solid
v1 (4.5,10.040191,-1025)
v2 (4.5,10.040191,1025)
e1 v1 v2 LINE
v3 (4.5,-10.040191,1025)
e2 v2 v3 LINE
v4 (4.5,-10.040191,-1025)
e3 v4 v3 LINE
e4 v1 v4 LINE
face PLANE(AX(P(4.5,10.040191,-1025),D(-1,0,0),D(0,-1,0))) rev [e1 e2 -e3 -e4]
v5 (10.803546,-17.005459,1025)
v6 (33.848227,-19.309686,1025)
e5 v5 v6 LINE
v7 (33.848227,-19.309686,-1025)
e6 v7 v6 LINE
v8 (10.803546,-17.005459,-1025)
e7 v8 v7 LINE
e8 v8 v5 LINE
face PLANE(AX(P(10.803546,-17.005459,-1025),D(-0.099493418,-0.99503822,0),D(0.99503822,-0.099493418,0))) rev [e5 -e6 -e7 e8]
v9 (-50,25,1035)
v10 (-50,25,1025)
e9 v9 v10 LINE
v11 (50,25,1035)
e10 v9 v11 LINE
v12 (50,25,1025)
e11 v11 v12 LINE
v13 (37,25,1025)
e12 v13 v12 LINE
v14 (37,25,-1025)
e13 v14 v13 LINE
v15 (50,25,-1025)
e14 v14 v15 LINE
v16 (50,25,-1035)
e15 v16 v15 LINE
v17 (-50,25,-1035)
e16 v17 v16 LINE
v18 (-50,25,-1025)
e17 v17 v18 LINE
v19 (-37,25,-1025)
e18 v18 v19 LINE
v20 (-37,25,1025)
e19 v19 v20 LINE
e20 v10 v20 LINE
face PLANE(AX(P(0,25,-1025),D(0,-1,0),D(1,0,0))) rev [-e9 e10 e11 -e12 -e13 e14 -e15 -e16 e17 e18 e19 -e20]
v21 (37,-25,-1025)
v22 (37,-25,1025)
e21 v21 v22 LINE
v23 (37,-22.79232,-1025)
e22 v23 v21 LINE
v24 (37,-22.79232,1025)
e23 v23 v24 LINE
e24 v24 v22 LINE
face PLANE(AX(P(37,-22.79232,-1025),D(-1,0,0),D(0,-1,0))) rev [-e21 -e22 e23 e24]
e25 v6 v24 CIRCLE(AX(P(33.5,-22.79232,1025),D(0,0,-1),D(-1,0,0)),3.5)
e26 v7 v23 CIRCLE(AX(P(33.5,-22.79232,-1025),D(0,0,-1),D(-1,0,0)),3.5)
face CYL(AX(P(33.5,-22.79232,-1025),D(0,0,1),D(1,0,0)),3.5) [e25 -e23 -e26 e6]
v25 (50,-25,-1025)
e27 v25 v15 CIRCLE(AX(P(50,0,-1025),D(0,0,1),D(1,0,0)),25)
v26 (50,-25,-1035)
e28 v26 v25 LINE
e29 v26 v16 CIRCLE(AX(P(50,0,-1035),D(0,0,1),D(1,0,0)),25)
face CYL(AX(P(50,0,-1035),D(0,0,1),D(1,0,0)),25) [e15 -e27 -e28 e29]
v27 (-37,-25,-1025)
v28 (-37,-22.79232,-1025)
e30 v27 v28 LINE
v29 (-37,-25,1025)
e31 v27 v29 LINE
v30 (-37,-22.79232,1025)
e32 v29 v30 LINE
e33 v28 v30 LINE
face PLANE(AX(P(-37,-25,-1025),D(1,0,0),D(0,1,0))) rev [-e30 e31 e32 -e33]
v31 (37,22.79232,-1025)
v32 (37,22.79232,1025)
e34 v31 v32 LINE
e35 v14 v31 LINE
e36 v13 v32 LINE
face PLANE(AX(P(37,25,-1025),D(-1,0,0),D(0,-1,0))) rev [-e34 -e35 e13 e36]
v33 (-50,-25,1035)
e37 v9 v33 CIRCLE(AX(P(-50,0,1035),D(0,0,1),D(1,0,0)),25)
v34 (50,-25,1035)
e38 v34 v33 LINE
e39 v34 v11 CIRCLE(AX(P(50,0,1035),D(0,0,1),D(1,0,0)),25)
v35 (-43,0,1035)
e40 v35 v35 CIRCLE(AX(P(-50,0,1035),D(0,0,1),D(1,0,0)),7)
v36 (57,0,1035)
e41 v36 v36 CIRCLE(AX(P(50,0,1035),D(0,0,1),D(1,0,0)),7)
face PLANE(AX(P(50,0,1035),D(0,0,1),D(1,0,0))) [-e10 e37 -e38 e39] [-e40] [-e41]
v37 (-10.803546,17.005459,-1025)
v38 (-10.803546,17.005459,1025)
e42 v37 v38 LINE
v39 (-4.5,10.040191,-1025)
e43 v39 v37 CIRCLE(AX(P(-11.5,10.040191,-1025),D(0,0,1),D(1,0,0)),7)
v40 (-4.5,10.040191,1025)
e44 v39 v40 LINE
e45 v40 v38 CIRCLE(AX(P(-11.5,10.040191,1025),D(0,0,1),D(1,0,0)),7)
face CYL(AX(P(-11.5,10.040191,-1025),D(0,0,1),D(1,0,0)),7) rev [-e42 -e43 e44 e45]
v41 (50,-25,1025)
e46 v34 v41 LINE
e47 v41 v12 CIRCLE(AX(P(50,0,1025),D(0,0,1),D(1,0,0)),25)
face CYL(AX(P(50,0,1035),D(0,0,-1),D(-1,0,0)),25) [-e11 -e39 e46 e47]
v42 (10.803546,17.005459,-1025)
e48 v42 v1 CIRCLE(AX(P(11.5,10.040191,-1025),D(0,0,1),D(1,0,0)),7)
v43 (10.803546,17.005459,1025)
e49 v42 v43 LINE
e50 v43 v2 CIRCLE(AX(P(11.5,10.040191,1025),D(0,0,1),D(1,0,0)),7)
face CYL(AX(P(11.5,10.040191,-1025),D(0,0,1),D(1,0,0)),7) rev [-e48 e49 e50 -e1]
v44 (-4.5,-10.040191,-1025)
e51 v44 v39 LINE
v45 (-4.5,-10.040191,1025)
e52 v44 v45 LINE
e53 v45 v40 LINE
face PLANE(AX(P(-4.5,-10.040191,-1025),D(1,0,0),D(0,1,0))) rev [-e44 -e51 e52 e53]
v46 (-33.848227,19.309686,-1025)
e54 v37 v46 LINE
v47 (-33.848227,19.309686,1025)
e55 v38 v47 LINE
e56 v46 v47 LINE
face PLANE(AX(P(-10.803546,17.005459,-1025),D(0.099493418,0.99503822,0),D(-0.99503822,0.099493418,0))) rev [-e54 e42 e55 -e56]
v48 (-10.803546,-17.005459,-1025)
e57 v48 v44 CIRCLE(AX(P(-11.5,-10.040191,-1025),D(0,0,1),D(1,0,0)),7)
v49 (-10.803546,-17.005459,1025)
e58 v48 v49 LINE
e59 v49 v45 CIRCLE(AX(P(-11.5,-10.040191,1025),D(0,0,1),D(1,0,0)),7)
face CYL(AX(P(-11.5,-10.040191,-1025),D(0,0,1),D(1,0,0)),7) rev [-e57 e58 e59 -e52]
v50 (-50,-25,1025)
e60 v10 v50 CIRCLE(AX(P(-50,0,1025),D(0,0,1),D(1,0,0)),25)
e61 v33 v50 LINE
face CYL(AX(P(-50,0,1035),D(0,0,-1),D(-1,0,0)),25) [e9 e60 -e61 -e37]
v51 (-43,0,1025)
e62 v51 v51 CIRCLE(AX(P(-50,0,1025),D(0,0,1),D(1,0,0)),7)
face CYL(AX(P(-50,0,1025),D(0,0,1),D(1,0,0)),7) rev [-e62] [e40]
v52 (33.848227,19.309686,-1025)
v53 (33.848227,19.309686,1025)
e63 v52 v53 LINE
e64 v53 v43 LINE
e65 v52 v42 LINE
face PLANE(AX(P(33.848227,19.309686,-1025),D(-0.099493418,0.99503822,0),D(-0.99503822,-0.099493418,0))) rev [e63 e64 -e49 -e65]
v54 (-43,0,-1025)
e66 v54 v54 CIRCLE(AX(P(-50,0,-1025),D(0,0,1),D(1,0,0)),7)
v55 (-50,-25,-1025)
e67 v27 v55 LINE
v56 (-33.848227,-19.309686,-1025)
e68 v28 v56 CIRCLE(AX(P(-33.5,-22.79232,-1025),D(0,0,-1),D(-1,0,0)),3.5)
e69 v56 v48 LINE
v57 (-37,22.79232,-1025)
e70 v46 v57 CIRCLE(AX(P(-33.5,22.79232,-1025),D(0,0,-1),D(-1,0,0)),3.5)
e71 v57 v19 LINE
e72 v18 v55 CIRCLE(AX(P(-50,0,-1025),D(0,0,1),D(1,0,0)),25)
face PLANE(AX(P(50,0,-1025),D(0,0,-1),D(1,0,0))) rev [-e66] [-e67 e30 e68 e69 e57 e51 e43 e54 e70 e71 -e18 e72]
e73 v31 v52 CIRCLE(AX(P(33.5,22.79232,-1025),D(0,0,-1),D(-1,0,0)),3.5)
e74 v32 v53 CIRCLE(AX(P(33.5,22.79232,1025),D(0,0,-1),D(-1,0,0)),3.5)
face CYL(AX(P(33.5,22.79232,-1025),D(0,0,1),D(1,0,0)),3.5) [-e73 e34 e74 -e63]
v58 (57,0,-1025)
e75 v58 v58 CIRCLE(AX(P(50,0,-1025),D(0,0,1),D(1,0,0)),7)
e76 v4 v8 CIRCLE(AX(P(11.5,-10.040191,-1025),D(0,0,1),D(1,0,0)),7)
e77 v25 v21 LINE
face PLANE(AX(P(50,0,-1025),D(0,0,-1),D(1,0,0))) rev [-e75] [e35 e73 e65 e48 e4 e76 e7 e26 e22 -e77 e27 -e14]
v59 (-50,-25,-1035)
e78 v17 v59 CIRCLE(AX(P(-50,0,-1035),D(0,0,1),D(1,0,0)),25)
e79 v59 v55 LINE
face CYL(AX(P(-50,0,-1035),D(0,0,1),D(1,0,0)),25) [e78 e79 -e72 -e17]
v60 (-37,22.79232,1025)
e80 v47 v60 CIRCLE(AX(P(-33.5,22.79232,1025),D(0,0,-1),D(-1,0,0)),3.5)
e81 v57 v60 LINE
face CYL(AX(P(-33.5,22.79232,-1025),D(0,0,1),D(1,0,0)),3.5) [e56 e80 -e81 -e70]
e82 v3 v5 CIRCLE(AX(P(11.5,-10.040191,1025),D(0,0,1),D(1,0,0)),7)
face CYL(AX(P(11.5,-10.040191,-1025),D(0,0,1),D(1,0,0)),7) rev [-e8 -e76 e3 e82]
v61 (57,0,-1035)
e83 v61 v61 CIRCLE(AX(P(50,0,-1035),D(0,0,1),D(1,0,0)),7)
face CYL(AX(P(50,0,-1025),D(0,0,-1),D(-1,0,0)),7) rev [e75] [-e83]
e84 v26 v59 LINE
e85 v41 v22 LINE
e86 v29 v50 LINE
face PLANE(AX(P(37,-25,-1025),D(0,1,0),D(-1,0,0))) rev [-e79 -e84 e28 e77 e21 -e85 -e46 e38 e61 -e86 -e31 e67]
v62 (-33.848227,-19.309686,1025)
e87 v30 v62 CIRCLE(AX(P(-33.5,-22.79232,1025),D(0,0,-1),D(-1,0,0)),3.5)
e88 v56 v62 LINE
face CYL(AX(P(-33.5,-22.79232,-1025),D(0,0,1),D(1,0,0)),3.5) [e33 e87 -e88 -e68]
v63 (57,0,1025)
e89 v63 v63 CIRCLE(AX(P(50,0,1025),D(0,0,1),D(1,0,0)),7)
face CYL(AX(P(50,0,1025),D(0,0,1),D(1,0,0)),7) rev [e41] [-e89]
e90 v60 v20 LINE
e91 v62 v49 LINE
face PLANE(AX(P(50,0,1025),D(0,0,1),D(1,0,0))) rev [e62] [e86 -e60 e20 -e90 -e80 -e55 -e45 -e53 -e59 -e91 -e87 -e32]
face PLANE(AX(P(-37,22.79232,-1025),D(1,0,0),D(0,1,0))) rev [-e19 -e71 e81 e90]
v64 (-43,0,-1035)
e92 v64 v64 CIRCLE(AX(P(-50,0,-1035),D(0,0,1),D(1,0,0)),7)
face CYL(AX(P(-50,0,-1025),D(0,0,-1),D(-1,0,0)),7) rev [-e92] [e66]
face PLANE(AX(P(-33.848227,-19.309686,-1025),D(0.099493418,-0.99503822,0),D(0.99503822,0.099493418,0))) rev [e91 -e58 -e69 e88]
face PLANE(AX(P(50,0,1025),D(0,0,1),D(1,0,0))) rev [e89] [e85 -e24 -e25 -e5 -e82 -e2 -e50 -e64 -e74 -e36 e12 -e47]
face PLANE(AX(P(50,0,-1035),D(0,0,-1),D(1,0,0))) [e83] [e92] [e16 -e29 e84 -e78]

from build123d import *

# Parameters (mm, degrees)
MEMBER_5_1_DEPTH    = 2050
MEMBER_5_2_DEPTH    = 2050
EXTRUDE_1_DEPTH     = 10
SKETCH_14_R         = 7
CUT_EXTRUDE_1_DEPTH = 10


with BuildPart() as part:
    # 草图11 → Member 5_1 (new body)
    with BuildSketch(Plane(origin=(0, 0, 1025), x_dir=(1, 0, 0), z_dir=(0, 0, -1))):
        with BuildLine():
            Line((0, -25), (37, -25))
            Line((37, -25), (37, -22.792319516))
            ThreePointArc((37, -22.792319516), (36.095071711, -20.443787461), (33.848226964, -19.309685745))
            Line((33.848226964, -19.309685745), (10.803546073, -17.005458605))
            ThreePointArc((10.803546073, -17.005458605), (6.309856578, -14.737255173), (4.5, -10.040191063))
            Line((4.5, -10.040191063), (4.5, 10.040191063))
            ThreePointArc((4.5, 10.040191063), (6.309856578, 14.737255173), (10.803546073, 17.005458605))
            Line((10.803546073, 17.005458605), (33.848226964, 19.309685745))
            ThreePointArc((33.848226964, 19.309685745), (36.095071711, 20.443787461), (37, 22.792319516))
            Line((37, 22.792319516), (37, 25))
            Line((37, 25), (0, 25))
            Line((0, 25), (0, -25))
        make_face()
    extrude(amount=MEMBER_5_1_DEPTH)



with BuildPart() as body_2:
    # 草图12 → Member 5_2 (new body)
    with BuildSketch(Plane(origin=(0, 0, 1025), x_dir=(-1, 0, 0), z_dir=(0, 0, -1))):
        with BuildLine():
            Line((0, -25), (37, -25))
            Line((37, -25), (37, -22.792319516))
            ThreePointArc((37, -22.792319516), (36.095071711, -20.443787461), (33.848226964, -19.309685745))
            Line((33.848226964, -19.309685745), (10.803546073, -17.005458605))
            ThreePointArc((10.803546073, -17.005458605), (6.309856578, -14.737255173), (4.5, -10.040191063))
            Line((4.5, -10.040191063), (4.5, 10.040191063))
            ThreePointArc((4.5, 10.040191063), (6.309856578, 14.737255173), (10.803546073, 17.005458605))
            Line((10.803546073, 17.005458605), (33.848226964, 19.309685745))
            ThreePointArc((33.848226964, 19.309685745), (36.095071711, 20.443787461), (37, 22.792319516))
            Line((37, 22.792319516), (37, 25))
            Line((37, 25), (0, 25))
            Line((0, 25), (0, -25))
        make_face()
    extrude(amount=MEMBER_5_2_DEPTH)


with BuildPart() as part_1:
    add(part.part)

    add(body_2.part)  # 凸台-拉伸1 merges body 2
    # 草图13 → 凸台-拉伸1 (add)
    with BuildSketch(Plane.XY.offset(1025)):
        with BuildLine():
            Line((50, -25), (0, -25))
            Line((0, -25), (-50, -25))
            ThreePointArc((-50, -25), (-75, 0), (-50, 25))
            Line((-50, 25), (0, 25))
            Line((0, 25), (50, 25))
            ThreePointArc((50, 25), (75, 0), (50, -25))
        make_face()
    extrude_1 = extrude(amount=EXTRUDE_1_DEPTH)

    # 草图14 → 切除-拉伸1 (cut)
    with BuildSketch(Plane.XY.offset(1035)):
        with Locations((-50, 0)):
            Circle(SKETCH_14_R)
        with Locations((50, 0)):
            Circle(SKETCH_14_R)
    cut_extrude_1 = extrude(amount=-CUT_EXTRUDE_1_DEPTH, mode=Mode.SUBTRACT)

    # 镜向4: 凸台-拉伸1, 切除-拉伸1 across plane
    add(extrude_1.mirror(Plane.XY))
    add(cut_extrude_1.mirror(Plane.XY), mode=Mode.SUBTRACT)


solid = part_1.part
